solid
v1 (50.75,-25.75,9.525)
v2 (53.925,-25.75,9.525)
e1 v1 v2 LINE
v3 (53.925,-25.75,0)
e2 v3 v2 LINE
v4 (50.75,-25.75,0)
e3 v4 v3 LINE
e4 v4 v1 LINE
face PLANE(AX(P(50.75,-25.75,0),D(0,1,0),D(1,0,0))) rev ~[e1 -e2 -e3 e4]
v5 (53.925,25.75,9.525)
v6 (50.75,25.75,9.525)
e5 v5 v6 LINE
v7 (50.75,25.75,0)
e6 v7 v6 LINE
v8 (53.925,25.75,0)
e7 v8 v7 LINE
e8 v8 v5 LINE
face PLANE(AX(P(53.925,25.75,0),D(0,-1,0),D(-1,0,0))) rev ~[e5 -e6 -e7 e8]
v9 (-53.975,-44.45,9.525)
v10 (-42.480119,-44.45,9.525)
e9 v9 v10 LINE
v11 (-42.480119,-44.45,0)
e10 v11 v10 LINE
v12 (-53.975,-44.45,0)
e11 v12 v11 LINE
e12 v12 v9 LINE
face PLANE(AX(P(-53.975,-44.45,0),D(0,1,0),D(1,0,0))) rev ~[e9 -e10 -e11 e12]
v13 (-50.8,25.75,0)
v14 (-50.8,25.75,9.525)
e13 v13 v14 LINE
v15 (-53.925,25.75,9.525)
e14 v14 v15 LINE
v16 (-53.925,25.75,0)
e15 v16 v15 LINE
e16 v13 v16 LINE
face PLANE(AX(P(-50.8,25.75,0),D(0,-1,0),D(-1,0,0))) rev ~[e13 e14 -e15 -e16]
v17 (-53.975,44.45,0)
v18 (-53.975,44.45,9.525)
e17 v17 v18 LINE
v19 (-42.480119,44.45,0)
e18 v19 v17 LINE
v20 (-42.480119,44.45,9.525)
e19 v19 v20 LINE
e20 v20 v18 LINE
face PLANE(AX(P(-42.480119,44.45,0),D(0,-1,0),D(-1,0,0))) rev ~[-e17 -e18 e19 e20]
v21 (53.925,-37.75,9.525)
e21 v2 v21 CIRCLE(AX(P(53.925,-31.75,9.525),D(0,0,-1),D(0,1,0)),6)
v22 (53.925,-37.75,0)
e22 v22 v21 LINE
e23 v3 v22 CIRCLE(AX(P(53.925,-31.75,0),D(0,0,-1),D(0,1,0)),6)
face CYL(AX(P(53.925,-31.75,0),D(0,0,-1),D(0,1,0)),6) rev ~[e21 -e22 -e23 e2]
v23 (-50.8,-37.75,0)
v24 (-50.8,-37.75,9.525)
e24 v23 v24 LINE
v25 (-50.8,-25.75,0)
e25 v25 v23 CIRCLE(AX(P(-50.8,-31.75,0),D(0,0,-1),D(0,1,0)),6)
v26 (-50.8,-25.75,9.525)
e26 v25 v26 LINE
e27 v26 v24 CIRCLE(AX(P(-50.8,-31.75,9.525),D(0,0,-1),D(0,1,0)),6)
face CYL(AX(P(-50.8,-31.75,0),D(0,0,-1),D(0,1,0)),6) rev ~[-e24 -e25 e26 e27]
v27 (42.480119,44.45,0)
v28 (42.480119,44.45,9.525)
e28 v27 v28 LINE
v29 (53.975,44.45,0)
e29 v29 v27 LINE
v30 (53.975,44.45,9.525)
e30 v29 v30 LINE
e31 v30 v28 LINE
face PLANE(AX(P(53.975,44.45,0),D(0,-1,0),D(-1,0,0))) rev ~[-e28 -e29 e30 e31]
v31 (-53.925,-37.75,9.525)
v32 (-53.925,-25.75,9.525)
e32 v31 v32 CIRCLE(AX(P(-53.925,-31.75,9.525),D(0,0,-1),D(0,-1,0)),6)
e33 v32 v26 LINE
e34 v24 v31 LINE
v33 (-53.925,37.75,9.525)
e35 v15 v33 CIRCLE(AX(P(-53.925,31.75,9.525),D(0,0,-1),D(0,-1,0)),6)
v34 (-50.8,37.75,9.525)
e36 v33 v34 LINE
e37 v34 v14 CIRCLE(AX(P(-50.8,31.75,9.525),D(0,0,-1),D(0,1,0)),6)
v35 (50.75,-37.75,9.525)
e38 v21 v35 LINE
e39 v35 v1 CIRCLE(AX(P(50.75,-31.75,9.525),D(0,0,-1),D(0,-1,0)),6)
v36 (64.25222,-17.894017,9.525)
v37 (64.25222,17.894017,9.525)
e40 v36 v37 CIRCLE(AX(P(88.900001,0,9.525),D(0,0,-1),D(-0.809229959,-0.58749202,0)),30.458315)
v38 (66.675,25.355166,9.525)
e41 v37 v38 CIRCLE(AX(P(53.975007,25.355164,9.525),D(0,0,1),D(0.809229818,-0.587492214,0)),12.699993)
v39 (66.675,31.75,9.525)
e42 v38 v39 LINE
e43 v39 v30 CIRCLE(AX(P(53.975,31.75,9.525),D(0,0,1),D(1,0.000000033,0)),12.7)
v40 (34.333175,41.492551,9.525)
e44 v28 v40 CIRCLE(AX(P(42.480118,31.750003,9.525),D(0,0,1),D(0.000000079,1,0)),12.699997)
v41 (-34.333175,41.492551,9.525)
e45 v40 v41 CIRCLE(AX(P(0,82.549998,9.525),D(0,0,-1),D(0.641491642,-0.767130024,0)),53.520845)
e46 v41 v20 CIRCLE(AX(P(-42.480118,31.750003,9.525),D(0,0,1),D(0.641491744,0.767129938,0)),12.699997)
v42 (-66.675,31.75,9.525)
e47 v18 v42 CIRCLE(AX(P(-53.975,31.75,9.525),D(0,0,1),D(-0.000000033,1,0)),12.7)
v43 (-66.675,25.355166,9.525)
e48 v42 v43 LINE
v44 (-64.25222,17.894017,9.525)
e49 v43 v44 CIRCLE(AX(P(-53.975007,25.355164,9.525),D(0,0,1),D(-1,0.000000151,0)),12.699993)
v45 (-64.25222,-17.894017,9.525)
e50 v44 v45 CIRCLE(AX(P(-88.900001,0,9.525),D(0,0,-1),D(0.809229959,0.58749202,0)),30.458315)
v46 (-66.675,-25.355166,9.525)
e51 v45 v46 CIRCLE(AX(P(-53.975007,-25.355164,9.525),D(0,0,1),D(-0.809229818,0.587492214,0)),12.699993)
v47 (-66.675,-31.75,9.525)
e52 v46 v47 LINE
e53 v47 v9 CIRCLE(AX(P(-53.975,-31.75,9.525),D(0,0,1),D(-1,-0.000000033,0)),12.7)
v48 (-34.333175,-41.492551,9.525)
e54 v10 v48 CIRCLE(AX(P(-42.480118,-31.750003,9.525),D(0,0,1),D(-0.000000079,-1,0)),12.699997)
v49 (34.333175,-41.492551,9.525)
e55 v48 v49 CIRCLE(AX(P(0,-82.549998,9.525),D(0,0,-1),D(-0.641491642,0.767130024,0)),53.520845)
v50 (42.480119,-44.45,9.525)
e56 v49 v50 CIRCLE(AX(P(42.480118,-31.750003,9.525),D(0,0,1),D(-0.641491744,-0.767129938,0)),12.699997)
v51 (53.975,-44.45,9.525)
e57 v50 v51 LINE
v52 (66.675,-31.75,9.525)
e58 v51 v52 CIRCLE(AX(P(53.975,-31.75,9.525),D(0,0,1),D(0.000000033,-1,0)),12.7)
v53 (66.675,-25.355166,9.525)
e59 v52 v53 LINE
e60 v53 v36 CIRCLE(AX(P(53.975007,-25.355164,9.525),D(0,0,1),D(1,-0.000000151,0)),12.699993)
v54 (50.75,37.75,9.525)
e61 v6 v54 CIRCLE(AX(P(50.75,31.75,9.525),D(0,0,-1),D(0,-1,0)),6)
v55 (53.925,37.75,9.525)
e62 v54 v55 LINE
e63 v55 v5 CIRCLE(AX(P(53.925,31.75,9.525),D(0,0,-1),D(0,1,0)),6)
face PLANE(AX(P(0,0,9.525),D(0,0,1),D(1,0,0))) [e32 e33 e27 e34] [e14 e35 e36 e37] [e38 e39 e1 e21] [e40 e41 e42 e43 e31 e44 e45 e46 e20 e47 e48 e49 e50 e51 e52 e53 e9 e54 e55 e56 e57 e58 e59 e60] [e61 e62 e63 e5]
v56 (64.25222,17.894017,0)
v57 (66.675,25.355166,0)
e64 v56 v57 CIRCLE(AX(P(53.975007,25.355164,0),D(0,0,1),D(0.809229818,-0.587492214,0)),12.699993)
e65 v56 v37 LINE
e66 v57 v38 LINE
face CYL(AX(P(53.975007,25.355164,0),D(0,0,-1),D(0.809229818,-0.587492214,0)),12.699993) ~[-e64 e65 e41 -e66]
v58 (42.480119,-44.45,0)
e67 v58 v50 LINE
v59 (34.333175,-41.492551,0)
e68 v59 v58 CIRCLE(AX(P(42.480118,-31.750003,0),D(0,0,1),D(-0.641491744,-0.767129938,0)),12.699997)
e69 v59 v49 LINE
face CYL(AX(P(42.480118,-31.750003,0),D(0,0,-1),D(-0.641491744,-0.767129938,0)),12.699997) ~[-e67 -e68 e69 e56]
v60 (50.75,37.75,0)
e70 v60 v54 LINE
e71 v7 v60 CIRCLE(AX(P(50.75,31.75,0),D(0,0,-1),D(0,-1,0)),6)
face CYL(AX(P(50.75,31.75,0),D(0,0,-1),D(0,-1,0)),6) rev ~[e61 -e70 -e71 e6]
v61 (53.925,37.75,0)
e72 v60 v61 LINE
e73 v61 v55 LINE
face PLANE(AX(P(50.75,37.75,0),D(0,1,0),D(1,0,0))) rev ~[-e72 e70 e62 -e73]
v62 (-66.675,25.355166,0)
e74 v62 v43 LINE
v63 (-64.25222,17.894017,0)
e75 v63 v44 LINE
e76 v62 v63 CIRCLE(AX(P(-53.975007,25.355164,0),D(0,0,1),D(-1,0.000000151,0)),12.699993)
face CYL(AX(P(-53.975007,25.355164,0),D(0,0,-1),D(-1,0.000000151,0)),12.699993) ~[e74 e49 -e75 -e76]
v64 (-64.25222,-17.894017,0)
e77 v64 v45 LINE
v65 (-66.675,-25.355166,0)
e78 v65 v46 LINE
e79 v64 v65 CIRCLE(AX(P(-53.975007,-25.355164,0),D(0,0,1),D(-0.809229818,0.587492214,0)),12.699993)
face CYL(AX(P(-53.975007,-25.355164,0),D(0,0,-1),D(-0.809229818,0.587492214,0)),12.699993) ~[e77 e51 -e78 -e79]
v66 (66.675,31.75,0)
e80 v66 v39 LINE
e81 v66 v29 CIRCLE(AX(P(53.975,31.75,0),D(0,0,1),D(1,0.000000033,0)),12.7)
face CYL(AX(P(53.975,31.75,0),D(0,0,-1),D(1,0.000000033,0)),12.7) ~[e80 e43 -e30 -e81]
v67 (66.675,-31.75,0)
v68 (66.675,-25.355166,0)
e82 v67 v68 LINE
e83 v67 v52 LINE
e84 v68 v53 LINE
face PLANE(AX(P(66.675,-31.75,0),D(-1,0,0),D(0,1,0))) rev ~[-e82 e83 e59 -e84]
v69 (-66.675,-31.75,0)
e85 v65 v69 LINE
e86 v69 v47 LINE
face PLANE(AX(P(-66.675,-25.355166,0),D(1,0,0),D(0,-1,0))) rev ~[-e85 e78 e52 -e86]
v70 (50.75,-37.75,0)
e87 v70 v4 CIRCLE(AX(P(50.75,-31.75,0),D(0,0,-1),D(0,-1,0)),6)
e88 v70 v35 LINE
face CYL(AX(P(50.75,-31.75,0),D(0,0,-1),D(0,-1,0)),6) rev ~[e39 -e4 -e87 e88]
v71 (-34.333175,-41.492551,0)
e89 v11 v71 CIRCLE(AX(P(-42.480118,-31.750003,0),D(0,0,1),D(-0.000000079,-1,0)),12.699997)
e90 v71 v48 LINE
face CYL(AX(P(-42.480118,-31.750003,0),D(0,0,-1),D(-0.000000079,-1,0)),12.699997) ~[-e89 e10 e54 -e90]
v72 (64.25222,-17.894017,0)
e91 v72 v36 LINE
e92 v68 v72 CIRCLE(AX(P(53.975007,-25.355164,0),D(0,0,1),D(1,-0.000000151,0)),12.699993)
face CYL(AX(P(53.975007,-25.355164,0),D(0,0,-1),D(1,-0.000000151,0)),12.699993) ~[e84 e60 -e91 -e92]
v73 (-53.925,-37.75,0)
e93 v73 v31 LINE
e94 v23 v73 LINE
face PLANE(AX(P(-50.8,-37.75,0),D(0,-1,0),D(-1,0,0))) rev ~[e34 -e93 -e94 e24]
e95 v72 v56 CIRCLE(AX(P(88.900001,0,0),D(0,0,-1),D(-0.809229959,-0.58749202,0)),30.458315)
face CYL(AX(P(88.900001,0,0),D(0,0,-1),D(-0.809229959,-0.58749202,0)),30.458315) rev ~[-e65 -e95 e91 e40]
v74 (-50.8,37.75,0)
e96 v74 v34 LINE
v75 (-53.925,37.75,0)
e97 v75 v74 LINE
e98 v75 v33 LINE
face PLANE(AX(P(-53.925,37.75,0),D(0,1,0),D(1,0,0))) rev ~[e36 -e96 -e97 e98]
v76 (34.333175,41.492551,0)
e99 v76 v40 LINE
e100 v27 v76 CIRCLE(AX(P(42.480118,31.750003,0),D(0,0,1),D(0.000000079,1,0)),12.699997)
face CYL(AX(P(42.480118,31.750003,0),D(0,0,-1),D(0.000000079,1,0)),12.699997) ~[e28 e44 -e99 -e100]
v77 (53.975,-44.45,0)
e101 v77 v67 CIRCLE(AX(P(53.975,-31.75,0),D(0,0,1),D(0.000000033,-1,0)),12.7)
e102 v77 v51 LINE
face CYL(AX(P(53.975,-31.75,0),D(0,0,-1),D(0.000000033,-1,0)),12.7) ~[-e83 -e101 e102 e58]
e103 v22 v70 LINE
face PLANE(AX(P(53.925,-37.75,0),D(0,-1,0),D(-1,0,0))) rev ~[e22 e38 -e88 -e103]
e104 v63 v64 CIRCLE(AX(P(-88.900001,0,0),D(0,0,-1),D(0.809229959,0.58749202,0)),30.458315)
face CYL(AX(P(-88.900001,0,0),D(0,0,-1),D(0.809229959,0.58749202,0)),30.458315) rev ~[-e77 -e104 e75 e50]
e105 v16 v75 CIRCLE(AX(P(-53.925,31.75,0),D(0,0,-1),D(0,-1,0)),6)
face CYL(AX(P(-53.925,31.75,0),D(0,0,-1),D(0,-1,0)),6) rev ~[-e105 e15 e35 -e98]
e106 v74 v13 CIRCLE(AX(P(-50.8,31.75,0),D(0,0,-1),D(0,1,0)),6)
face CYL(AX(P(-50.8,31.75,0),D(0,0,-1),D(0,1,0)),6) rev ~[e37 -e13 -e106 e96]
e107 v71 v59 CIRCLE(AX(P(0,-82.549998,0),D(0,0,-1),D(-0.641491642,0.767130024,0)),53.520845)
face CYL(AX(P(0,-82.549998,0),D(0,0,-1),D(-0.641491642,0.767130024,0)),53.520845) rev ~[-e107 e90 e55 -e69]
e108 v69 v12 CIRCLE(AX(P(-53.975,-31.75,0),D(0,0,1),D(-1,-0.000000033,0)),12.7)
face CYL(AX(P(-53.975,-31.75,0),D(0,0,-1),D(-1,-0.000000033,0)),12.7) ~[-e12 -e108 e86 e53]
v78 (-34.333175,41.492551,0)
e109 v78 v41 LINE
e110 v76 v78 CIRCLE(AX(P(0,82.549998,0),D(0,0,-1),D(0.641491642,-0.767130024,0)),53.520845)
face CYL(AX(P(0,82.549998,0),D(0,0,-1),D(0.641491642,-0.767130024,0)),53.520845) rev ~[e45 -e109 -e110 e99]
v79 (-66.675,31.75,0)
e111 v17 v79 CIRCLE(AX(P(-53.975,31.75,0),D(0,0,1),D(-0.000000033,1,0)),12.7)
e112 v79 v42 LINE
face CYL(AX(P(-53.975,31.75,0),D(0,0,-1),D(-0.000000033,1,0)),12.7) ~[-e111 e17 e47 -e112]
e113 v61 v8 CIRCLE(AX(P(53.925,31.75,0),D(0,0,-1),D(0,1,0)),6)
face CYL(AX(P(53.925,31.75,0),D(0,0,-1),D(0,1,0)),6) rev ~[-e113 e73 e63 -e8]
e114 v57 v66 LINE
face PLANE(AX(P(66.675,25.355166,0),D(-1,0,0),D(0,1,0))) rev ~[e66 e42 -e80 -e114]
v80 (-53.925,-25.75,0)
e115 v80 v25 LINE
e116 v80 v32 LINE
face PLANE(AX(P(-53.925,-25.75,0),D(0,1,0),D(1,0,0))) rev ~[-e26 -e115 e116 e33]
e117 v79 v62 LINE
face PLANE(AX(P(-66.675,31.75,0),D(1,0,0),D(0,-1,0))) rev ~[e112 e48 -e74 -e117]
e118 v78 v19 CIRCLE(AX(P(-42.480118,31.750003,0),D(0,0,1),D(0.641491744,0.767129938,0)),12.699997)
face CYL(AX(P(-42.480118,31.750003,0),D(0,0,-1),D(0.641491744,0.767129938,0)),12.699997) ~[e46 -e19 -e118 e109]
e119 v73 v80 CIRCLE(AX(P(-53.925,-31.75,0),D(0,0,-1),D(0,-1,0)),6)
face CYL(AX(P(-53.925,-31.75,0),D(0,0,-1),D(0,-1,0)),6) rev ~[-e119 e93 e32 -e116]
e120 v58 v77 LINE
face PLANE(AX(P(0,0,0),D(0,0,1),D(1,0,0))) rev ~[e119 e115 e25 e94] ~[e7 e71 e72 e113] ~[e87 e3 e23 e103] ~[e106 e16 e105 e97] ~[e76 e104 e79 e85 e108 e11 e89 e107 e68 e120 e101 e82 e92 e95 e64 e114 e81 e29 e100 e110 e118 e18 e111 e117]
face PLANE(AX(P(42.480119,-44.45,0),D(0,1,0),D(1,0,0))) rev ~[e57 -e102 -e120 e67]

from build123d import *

# Parameters (mm, degrees)
F1_DEPTH = 9.525


with BuildPart() as f1:
    # F0 (on Top) → F1 (new body)
    with BuildSketch(Plane.XY):
        with BuildLine():
            ThreePointArc((66.675, 31.75), (62.955256, 40.730256), (53.975, 44.45))
            Line((53.975, 44.45), (42.480119, 44.45))
            ThreePointArc((42.480119, 44.45), (38.146553, 43.687764), (34.333175, 41.492551))
            ThreePointArc((34.333175, 41.492551), (0, 29.029153), (-34.333175, 41.492551))
            ThreePointArc((-34.333175, 41.492551), (-38.146553, 43.687764), (-42.480119, 44.45))
            Line((-42.480119, 44.45), (-53.975, 44.45))
            ThreePointArc((-53.975, 44.45), (-62.955256, 40.730256), (-66.675, 31.75))
            Line((-66.675, 31.75), (-66.675, 25.355166))
            ThreePointArc((-66.675, 25.355166), (-66.054129, 21.432839), (-64.25222, 17.894017))
            ThreePointArc((-64.25222, 17.894017), (-58.441686, 0), (-64.25222, -17.894017))
            ThreePointArc((-64.25222, -17.894017), (-66.054129, -21.432839), (-66.675, -25.355166))
            Line((-66.675, -25.355166), (-66.675, -31.75))
            ThreePointArc((-66.675, -31.75), (-62.955256, -40.730256), (-53.975, -44.45))
            Line((-53.975, -44.45), (-42.480119, -44.45))
            ThreePointArc((-42.480119, -44.45), (-38.146553, -43.687764), (-34.333175, -41.492551))
            ThreePointArc((-34.333175, -41.492551), (0, -29.029153), (34.333175, -41.492551))
            ThreePointArc((34.333175, -41.492551), (38.146553, -43.687764), (42.480119, -44.45))
            Line((42.480119, -44.45), (53.975, -44.45))
            ThreePointArc((53.975, -44.45), (62.955256, -40.730256), (66.675, -31.75))
            Line((66.675, -31.75), (66.675, -25.355166))
            ThreePointArc((66.675, -25.355166), (66.054129, -21.432839), (64.25222, -17.894017))
            ThreePointArc((64.25222, -17.894017), (58.441686, 0), (64.25222, 17.894017))
            ThreePointArc((64.25222, 17.894017), (66.054129, 21.432839), (66.675, 25.355166))
            Line((66.675, 25.355166), (66.675, 31.75))
        make_face()
        with BuildLine():
            ThreePointArc((-53.925, -37.75), (-59.925, -31.75), (-53.925, -25.75))
            Line((-53.925, -25.75), (-50.8, -25.75))
            ThreePointArc((-50.8, -25.75), (-44.8, -31.75), (-50.8, -37.75))
            Line((-50.8, -37.75), (-53.925, -37.75))
        make_face(mode=Mode.SUBTRACT)
        with BuildLine():
            ThreePointArc((53.925, -25.75), (59.925, -31.75), (53.925, -37.75))
            Line((53.925, -37.75), (50.75, -37.75))
            ThreePointArc((50.75, -37.75), (44.75, -31.75), (50.75, -25.75))
            Line((50.75, -25.75), (53.925, -25.75))
        make_face(mode=Mode.SUBTRACT)
        with BuildLine():
            ThreePointArc((-53.925, 25.75), (-59.925, 31.75), (-53.925, 37.75))
            Line((-53.925, 37.75), (-50.8, 37.75))
            ThreePointArc((-50.8, 37.75), (-44.8, 31.75), (-50.8, 25.75))
            Line((-50.8, 25.75), (-53.925, 25.75))
        make_face(mode=Mode.SUBTRACT)
        with BuildLine():
            ThreePointArc((53.925, 37.75), (59.925, 31.75), (53.925, 25.75))
            Line((53.925, 25.75), (50.75, 25.75))
            ThreePointArc((50.75, 25.75), (44.75, 31.75), (50.75, 37.75))
            Line((50.75, 37.75), (53.925, 37.75))
        make_face(mode=Mode.SUBTRACT)
    extrude(amount=F1_DEPTH)


solid = f1.part
